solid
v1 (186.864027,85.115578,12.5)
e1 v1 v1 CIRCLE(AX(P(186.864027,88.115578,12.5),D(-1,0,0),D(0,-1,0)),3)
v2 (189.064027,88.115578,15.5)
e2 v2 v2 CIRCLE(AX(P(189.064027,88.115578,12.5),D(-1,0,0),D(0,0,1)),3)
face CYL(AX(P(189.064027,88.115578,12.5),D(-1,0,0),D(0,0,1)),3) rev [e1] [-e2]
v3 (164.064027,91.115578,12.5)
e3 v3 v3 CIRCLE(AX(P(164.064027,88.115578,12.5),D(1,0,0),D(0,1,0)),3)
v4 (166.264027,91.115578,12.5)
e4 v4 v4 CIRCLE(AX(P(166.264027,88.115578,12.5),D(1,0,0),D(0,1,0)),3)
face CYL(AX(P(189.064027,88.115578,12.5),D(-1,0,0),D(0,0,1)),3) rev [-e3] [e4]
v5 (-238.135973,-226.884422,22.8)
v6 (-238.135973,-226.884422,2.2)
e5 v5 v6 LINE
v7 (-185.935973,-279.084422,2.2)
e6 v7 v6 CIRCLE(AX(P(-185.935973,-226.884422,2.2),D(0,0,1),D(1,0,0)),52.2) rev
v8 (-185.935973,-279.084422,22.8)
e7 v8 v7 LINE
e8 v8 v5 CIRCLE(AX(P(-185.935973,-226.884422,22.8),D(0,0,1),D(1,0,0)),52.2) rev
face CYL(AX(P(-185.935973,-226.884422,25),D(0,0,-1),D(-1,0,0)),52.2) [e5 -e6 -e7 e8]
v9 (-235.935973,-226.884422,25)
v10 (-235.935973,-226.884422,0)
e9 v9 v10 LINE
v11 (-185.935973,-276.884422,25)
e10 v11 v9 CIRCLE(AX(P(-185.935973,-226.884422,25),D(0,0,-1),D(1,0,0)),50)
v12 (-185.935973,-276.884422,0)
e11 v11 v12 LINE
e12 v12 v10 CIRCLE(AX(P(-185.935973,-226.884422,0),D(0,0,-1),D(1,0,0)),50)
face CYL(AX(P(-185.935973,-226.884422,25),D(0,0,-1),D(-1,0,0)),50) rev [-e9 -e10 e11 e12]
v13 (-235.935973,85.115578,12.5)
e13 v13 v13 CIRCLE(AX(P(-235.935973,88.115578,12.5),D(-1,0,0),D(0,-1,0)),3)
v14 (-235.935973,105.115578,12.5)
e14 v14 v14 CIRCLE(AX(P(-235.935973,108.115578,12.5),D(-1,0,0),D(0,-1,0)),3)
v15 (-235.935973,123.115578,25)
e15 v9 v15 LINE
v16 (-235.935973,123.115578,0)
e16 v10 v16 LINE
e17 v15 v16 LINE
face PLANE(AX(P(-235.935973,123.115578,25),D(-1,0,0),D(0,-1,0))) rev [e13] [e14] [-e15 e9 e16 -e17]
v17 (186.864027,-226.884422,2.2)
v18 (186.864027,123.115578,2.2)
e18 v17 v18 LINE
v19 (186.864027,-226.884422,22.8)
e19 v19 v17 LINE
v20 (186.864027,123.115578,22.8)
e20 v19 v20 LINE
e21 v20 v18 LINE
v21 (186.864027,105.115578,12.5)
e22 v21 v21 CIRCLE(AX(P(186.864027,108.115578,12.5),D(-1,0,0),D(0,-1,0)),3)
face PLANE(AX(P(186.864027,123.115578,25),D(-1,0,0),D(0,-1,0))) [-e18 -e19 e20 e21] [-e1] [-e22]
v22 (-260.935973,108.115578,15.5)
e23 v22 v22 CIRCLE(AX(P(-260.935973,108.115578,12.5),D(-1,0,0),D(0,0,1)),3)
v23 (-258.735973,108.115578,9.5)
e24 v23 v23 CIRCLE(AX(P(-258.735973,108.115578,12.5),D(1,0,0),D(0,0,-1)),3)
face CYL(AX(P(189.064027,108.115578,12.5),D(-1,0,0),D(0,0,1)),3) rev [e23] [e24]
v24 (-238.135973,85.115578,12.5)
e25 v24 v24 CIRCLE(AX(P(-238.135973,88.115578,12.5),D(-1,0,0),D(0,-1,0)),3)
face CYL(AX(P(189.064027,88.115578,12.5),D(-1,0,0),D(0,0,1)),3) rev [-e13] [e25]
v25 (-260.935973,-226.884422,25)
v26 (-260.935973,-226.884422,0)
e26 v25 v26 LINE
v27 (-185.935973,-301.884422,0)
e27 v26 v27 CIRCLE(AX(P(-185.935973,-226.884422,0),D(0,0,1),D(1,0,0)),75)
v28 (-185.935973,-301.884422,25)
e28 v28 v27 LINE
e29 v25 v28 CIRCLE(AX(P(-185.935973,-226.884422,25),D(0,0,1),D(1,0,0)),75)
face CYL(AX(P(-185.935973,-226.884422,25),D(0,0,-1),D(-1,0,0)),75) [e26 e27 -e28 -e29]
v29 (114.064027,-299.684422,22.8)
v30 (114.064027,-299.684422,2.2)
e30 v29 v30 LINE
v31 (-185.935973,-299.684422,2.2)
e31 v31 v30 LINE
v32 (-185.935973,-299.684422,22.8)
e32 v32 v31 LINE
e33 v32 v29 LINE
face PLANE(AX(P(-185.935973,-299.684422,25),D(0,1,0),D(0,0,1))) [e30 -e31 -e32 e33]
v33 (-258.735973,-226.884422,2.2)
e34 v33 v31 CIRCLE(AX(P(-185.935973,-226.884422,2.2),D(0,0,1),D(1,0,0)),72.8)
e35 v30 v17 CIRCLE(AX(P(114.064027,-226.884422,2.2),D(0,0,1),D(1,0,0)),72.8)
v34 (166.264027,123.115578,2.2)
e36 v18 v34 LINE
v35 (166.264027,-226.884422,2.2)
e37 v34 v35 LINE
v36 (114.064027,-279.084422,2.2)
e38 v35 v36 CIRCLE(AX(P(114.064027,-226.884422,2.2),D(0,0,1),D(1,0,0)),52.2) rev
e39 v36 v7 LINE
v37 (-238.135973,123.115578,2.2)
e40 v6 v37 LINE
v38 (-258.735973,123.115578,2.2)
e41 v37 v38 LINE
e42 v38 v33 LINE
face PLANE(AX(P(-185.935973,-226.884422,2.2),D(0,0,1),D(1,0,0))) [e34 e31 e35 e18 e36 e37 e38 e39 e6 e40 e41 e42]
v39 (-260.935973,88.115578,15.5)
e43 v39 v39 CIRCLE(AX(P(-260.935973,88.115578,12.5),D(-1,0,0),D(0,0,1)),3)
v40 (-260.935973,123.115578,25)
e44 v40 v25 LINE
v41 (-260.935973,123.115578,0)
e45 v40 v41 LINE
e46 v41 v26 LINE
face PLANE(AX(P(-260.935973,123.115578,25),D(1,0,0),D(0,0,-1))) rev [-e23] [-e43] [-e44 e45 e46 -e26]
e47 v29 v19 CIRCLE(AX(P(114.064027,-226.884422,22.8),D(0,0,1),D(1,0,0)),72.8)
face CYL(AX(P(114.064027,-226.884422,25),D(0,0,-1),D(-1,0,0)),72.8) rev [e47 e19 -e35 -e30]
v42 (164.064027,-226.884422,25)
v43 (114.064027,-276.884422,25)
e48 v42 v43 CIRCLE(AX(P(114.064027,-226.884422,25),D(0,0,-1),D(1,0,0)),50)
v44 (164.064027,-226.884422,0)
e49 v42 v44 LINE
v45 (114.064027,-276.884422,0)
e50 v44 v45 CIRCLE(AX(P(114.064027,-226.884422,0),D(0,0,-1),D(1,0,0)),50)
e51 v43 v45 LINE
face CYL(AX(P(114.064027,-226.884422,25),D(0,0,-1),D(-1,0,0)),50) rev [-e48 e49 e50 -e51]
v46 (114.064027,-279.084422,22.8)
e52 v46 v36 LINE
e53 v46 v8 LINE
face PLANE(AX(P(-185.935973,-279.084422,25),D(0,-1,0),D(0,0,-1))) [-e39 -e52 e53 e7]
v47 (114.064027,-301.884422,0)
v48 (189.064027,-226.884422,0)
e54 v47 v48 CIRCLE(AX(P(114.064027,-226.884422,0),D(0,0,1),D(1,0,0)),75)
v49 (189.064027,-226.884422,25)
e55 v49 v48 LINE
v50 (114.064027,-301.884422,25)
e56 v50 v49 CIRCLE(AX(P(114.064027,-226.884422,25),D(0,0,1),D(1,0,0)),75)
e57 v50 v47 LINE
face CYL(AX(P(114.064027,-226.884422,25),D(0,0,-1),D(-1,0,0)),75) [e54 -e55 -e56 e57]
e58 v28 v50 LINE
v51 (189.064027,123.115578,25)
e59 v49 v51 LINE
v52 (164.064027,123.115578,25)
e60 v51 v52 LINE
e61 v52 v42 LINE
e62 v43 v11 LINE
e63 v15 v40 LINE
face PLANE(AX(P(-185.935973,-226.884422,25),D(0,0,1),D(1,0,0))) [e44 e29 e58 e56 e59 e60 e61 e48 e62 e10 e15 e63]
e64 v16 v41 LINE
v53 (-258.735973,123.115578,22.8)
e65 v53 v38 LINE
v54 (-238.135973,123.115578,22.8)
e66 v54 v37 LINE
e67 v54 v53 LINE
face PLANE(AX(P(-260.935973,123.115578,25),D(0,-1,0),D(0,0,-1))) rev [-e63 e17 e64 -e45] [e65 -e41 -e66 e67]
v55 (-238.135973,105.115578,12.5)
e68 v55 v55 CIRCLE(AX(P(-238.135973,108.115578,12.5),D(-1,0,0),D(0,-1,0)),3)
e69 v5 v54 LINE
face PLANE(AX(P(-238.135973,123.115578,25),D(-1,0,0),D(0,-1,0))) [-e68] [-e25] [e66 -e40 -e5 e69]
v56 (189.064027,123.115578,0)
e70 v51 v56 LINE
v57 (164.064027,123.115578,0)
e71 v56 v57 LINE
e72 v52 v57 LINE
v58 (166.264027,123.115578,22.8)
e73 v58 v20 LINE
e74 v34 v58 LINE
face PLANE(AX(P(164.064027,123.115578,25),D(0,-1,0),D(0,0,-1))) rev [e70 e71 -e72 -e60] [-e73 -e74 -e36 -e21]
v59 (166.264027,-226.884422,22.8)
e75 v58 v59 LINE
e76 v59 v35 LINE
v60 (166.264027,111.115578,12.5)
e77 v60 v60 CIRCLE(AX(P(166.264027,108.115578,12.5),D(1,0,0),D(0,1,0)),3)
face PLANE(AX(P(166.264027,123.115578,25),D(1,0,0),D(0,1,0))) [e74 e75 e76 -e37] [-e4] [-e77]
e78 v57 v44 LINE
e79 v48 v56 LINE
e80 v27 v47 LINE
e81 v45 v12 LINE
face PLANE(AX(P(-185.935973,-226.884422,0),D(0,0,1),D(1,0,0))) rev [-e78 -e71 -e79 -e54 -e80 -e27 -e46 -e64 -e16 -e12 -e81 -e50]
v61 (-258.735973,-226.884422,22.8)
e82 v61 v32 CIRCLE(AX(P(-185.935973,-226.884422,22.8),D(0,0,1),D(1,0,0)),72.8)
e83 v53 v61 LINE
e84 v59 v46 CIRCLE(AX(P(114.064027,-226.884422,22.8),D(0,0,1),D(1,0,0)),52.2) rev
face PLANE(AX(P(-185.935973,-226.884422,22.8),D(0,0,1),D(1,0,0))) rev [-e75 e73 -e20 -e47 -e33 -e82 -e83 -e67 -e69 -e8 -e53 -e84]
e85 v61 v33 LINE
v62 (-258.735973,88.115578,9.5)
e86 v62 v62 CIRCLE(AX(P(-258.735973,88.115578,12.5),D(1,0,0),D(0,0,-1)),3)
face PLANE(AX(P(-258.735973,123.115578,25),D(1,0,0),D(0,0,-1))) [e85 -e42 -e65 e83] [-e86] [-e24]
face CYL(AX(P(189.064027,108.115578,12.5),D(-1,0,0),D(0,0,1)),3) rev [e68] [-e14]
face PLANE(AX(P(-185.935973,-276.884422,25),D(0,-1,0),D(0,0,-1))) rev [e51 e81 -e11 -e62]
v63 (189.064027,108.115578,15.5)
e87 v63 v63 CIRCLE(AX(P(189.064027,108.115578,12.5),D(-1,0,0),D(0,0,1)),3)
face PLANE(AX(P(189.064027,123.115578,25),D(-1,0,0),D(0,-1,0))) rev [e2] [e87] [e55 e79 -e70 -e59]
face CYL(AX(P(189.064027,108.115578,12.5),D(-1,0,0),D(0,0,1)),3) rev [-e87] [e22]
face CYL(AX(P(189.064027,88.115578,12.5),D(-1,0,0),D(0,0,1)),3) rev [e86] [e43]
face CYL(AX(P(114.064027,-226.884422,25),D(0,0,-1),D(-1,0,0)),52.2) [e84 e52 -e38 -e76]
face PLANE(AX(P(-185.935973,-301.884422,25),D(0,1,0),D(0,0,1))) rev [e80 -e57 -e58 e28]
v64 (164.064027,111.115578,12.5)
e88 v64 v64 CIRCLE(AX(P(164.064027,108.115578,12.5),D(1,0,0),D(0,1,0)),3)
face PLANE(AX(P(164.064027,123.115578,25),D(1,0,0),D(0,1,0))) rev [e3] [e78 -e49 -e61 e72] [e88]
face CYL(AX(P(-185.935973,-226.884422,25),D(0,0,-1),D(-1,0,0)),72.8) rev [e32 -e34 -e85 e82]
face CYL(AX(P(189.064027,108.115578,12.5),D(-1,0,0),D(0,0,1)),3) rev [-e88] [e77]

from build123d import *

# Parameters (mm, degrees)
EXTRUDE_1_DEPTH     = 25
SHELL_1_T           = -2.2
SKETCH_2_W          = 20.6
SKETCH_2_H          = 20.6
CUT_EXTRUDE_1_DEPTH = 5
SKETCH_3_R          = 3
CUT_EXTRUDE_2_DEPTH = 451


with BuildPart() as part:
    # Эскиз1 → Бобышка-Вытянуть1 (new body)
    with BuildSketch(Plane.XY):
        with BuildLine():
            Line((-260.93597277, 123.115577889), (-260.93597277, -226.884422111))
            ThreePointArc((-260.93597277, -226.884422111), (-238.968981359, -279.9174307), (-185.93597277, -301.884422111))
            Line((-185.93597277, -301.884422111), (114.06402723, -301.884422111))
            ThreePointArc((114.06402723, -301.884422111), (167.097035819, -279.9174307), (189.06402723, -226.884422111))
            Line((189.06402723, -226.884422111), (189.06402723, 123.115577889))
            Line((189.06402723, 123.115577889), (164.06402723, 123.115577889))
            Line((164.06402723, 123.115577889), (164.06402723, -226.884422111))
            ThreePointArc((164.06402723, -226.884422111), (149.419366289, -262.23976117), (114.06402723, -276.884422111))
            Line((114.06402723, -276.884422111), (-185.93597277, -276.884422111))
            ThreePointArc((-185.93597277, -276.884422111), (-221.291311829, -262.23976117), (-235.93597277, -226.884422111))
            Line((-235.93597277, -226.884422111), (-235.93597277, 123.115577889))
            Line((-235.93597277, 123.115577889), (-260.93597277, 123.115577889))
        make_face()
    extrude(amount=EXTRUDE_1_DEPTH)

    # Оболочка1
    shell_1_openings = [part.faces().sort_by_distance(p)[0] for p in [
        (-248.43597277, 123.115577889, 12.5),
    ]]
    offset(amount=SHELL_1_T, openings=shell_1_openings, kind=Kind.INTERSECTION)

    # Эскиз2 → Вырез-Вытянуть1 (cut)
    with BuildSketch(Plane(origin=(0, 123.115577889, 0), x_dir=(1, 0, 0), z_dir=(0, 1, 0))):
        with Locations((176.56402723, -12.5)):
            Rectangle(SKETCH_2_W, SKETCH_2_H)
    extrude(amount=-CUT_EXTRUDE_1_DEPTH, mode=Mode.SUBTRACT)

    # Эскиз3 → Вырез-Вытянуть2 (cut, through all)
    with BuildSketch(Plane.ZY.offset(260.93597277)):
        with Locations(Location((12.5, 108.115577889, 0), (0, 0, 270))):  # turned: the seam where the file's is
            Circle(SKETCH_3_R)
        with Locations(Location((12.5, 88.115577889, 0), (0, 0, 270))):  # turned: the seam where the file's is
            Circle(SKETCH_3_R)
    extrude(amount=-CUT_EXTRUDE_2_DEPTH, mode=Mode.SUBTRACT)


solid = part.part
